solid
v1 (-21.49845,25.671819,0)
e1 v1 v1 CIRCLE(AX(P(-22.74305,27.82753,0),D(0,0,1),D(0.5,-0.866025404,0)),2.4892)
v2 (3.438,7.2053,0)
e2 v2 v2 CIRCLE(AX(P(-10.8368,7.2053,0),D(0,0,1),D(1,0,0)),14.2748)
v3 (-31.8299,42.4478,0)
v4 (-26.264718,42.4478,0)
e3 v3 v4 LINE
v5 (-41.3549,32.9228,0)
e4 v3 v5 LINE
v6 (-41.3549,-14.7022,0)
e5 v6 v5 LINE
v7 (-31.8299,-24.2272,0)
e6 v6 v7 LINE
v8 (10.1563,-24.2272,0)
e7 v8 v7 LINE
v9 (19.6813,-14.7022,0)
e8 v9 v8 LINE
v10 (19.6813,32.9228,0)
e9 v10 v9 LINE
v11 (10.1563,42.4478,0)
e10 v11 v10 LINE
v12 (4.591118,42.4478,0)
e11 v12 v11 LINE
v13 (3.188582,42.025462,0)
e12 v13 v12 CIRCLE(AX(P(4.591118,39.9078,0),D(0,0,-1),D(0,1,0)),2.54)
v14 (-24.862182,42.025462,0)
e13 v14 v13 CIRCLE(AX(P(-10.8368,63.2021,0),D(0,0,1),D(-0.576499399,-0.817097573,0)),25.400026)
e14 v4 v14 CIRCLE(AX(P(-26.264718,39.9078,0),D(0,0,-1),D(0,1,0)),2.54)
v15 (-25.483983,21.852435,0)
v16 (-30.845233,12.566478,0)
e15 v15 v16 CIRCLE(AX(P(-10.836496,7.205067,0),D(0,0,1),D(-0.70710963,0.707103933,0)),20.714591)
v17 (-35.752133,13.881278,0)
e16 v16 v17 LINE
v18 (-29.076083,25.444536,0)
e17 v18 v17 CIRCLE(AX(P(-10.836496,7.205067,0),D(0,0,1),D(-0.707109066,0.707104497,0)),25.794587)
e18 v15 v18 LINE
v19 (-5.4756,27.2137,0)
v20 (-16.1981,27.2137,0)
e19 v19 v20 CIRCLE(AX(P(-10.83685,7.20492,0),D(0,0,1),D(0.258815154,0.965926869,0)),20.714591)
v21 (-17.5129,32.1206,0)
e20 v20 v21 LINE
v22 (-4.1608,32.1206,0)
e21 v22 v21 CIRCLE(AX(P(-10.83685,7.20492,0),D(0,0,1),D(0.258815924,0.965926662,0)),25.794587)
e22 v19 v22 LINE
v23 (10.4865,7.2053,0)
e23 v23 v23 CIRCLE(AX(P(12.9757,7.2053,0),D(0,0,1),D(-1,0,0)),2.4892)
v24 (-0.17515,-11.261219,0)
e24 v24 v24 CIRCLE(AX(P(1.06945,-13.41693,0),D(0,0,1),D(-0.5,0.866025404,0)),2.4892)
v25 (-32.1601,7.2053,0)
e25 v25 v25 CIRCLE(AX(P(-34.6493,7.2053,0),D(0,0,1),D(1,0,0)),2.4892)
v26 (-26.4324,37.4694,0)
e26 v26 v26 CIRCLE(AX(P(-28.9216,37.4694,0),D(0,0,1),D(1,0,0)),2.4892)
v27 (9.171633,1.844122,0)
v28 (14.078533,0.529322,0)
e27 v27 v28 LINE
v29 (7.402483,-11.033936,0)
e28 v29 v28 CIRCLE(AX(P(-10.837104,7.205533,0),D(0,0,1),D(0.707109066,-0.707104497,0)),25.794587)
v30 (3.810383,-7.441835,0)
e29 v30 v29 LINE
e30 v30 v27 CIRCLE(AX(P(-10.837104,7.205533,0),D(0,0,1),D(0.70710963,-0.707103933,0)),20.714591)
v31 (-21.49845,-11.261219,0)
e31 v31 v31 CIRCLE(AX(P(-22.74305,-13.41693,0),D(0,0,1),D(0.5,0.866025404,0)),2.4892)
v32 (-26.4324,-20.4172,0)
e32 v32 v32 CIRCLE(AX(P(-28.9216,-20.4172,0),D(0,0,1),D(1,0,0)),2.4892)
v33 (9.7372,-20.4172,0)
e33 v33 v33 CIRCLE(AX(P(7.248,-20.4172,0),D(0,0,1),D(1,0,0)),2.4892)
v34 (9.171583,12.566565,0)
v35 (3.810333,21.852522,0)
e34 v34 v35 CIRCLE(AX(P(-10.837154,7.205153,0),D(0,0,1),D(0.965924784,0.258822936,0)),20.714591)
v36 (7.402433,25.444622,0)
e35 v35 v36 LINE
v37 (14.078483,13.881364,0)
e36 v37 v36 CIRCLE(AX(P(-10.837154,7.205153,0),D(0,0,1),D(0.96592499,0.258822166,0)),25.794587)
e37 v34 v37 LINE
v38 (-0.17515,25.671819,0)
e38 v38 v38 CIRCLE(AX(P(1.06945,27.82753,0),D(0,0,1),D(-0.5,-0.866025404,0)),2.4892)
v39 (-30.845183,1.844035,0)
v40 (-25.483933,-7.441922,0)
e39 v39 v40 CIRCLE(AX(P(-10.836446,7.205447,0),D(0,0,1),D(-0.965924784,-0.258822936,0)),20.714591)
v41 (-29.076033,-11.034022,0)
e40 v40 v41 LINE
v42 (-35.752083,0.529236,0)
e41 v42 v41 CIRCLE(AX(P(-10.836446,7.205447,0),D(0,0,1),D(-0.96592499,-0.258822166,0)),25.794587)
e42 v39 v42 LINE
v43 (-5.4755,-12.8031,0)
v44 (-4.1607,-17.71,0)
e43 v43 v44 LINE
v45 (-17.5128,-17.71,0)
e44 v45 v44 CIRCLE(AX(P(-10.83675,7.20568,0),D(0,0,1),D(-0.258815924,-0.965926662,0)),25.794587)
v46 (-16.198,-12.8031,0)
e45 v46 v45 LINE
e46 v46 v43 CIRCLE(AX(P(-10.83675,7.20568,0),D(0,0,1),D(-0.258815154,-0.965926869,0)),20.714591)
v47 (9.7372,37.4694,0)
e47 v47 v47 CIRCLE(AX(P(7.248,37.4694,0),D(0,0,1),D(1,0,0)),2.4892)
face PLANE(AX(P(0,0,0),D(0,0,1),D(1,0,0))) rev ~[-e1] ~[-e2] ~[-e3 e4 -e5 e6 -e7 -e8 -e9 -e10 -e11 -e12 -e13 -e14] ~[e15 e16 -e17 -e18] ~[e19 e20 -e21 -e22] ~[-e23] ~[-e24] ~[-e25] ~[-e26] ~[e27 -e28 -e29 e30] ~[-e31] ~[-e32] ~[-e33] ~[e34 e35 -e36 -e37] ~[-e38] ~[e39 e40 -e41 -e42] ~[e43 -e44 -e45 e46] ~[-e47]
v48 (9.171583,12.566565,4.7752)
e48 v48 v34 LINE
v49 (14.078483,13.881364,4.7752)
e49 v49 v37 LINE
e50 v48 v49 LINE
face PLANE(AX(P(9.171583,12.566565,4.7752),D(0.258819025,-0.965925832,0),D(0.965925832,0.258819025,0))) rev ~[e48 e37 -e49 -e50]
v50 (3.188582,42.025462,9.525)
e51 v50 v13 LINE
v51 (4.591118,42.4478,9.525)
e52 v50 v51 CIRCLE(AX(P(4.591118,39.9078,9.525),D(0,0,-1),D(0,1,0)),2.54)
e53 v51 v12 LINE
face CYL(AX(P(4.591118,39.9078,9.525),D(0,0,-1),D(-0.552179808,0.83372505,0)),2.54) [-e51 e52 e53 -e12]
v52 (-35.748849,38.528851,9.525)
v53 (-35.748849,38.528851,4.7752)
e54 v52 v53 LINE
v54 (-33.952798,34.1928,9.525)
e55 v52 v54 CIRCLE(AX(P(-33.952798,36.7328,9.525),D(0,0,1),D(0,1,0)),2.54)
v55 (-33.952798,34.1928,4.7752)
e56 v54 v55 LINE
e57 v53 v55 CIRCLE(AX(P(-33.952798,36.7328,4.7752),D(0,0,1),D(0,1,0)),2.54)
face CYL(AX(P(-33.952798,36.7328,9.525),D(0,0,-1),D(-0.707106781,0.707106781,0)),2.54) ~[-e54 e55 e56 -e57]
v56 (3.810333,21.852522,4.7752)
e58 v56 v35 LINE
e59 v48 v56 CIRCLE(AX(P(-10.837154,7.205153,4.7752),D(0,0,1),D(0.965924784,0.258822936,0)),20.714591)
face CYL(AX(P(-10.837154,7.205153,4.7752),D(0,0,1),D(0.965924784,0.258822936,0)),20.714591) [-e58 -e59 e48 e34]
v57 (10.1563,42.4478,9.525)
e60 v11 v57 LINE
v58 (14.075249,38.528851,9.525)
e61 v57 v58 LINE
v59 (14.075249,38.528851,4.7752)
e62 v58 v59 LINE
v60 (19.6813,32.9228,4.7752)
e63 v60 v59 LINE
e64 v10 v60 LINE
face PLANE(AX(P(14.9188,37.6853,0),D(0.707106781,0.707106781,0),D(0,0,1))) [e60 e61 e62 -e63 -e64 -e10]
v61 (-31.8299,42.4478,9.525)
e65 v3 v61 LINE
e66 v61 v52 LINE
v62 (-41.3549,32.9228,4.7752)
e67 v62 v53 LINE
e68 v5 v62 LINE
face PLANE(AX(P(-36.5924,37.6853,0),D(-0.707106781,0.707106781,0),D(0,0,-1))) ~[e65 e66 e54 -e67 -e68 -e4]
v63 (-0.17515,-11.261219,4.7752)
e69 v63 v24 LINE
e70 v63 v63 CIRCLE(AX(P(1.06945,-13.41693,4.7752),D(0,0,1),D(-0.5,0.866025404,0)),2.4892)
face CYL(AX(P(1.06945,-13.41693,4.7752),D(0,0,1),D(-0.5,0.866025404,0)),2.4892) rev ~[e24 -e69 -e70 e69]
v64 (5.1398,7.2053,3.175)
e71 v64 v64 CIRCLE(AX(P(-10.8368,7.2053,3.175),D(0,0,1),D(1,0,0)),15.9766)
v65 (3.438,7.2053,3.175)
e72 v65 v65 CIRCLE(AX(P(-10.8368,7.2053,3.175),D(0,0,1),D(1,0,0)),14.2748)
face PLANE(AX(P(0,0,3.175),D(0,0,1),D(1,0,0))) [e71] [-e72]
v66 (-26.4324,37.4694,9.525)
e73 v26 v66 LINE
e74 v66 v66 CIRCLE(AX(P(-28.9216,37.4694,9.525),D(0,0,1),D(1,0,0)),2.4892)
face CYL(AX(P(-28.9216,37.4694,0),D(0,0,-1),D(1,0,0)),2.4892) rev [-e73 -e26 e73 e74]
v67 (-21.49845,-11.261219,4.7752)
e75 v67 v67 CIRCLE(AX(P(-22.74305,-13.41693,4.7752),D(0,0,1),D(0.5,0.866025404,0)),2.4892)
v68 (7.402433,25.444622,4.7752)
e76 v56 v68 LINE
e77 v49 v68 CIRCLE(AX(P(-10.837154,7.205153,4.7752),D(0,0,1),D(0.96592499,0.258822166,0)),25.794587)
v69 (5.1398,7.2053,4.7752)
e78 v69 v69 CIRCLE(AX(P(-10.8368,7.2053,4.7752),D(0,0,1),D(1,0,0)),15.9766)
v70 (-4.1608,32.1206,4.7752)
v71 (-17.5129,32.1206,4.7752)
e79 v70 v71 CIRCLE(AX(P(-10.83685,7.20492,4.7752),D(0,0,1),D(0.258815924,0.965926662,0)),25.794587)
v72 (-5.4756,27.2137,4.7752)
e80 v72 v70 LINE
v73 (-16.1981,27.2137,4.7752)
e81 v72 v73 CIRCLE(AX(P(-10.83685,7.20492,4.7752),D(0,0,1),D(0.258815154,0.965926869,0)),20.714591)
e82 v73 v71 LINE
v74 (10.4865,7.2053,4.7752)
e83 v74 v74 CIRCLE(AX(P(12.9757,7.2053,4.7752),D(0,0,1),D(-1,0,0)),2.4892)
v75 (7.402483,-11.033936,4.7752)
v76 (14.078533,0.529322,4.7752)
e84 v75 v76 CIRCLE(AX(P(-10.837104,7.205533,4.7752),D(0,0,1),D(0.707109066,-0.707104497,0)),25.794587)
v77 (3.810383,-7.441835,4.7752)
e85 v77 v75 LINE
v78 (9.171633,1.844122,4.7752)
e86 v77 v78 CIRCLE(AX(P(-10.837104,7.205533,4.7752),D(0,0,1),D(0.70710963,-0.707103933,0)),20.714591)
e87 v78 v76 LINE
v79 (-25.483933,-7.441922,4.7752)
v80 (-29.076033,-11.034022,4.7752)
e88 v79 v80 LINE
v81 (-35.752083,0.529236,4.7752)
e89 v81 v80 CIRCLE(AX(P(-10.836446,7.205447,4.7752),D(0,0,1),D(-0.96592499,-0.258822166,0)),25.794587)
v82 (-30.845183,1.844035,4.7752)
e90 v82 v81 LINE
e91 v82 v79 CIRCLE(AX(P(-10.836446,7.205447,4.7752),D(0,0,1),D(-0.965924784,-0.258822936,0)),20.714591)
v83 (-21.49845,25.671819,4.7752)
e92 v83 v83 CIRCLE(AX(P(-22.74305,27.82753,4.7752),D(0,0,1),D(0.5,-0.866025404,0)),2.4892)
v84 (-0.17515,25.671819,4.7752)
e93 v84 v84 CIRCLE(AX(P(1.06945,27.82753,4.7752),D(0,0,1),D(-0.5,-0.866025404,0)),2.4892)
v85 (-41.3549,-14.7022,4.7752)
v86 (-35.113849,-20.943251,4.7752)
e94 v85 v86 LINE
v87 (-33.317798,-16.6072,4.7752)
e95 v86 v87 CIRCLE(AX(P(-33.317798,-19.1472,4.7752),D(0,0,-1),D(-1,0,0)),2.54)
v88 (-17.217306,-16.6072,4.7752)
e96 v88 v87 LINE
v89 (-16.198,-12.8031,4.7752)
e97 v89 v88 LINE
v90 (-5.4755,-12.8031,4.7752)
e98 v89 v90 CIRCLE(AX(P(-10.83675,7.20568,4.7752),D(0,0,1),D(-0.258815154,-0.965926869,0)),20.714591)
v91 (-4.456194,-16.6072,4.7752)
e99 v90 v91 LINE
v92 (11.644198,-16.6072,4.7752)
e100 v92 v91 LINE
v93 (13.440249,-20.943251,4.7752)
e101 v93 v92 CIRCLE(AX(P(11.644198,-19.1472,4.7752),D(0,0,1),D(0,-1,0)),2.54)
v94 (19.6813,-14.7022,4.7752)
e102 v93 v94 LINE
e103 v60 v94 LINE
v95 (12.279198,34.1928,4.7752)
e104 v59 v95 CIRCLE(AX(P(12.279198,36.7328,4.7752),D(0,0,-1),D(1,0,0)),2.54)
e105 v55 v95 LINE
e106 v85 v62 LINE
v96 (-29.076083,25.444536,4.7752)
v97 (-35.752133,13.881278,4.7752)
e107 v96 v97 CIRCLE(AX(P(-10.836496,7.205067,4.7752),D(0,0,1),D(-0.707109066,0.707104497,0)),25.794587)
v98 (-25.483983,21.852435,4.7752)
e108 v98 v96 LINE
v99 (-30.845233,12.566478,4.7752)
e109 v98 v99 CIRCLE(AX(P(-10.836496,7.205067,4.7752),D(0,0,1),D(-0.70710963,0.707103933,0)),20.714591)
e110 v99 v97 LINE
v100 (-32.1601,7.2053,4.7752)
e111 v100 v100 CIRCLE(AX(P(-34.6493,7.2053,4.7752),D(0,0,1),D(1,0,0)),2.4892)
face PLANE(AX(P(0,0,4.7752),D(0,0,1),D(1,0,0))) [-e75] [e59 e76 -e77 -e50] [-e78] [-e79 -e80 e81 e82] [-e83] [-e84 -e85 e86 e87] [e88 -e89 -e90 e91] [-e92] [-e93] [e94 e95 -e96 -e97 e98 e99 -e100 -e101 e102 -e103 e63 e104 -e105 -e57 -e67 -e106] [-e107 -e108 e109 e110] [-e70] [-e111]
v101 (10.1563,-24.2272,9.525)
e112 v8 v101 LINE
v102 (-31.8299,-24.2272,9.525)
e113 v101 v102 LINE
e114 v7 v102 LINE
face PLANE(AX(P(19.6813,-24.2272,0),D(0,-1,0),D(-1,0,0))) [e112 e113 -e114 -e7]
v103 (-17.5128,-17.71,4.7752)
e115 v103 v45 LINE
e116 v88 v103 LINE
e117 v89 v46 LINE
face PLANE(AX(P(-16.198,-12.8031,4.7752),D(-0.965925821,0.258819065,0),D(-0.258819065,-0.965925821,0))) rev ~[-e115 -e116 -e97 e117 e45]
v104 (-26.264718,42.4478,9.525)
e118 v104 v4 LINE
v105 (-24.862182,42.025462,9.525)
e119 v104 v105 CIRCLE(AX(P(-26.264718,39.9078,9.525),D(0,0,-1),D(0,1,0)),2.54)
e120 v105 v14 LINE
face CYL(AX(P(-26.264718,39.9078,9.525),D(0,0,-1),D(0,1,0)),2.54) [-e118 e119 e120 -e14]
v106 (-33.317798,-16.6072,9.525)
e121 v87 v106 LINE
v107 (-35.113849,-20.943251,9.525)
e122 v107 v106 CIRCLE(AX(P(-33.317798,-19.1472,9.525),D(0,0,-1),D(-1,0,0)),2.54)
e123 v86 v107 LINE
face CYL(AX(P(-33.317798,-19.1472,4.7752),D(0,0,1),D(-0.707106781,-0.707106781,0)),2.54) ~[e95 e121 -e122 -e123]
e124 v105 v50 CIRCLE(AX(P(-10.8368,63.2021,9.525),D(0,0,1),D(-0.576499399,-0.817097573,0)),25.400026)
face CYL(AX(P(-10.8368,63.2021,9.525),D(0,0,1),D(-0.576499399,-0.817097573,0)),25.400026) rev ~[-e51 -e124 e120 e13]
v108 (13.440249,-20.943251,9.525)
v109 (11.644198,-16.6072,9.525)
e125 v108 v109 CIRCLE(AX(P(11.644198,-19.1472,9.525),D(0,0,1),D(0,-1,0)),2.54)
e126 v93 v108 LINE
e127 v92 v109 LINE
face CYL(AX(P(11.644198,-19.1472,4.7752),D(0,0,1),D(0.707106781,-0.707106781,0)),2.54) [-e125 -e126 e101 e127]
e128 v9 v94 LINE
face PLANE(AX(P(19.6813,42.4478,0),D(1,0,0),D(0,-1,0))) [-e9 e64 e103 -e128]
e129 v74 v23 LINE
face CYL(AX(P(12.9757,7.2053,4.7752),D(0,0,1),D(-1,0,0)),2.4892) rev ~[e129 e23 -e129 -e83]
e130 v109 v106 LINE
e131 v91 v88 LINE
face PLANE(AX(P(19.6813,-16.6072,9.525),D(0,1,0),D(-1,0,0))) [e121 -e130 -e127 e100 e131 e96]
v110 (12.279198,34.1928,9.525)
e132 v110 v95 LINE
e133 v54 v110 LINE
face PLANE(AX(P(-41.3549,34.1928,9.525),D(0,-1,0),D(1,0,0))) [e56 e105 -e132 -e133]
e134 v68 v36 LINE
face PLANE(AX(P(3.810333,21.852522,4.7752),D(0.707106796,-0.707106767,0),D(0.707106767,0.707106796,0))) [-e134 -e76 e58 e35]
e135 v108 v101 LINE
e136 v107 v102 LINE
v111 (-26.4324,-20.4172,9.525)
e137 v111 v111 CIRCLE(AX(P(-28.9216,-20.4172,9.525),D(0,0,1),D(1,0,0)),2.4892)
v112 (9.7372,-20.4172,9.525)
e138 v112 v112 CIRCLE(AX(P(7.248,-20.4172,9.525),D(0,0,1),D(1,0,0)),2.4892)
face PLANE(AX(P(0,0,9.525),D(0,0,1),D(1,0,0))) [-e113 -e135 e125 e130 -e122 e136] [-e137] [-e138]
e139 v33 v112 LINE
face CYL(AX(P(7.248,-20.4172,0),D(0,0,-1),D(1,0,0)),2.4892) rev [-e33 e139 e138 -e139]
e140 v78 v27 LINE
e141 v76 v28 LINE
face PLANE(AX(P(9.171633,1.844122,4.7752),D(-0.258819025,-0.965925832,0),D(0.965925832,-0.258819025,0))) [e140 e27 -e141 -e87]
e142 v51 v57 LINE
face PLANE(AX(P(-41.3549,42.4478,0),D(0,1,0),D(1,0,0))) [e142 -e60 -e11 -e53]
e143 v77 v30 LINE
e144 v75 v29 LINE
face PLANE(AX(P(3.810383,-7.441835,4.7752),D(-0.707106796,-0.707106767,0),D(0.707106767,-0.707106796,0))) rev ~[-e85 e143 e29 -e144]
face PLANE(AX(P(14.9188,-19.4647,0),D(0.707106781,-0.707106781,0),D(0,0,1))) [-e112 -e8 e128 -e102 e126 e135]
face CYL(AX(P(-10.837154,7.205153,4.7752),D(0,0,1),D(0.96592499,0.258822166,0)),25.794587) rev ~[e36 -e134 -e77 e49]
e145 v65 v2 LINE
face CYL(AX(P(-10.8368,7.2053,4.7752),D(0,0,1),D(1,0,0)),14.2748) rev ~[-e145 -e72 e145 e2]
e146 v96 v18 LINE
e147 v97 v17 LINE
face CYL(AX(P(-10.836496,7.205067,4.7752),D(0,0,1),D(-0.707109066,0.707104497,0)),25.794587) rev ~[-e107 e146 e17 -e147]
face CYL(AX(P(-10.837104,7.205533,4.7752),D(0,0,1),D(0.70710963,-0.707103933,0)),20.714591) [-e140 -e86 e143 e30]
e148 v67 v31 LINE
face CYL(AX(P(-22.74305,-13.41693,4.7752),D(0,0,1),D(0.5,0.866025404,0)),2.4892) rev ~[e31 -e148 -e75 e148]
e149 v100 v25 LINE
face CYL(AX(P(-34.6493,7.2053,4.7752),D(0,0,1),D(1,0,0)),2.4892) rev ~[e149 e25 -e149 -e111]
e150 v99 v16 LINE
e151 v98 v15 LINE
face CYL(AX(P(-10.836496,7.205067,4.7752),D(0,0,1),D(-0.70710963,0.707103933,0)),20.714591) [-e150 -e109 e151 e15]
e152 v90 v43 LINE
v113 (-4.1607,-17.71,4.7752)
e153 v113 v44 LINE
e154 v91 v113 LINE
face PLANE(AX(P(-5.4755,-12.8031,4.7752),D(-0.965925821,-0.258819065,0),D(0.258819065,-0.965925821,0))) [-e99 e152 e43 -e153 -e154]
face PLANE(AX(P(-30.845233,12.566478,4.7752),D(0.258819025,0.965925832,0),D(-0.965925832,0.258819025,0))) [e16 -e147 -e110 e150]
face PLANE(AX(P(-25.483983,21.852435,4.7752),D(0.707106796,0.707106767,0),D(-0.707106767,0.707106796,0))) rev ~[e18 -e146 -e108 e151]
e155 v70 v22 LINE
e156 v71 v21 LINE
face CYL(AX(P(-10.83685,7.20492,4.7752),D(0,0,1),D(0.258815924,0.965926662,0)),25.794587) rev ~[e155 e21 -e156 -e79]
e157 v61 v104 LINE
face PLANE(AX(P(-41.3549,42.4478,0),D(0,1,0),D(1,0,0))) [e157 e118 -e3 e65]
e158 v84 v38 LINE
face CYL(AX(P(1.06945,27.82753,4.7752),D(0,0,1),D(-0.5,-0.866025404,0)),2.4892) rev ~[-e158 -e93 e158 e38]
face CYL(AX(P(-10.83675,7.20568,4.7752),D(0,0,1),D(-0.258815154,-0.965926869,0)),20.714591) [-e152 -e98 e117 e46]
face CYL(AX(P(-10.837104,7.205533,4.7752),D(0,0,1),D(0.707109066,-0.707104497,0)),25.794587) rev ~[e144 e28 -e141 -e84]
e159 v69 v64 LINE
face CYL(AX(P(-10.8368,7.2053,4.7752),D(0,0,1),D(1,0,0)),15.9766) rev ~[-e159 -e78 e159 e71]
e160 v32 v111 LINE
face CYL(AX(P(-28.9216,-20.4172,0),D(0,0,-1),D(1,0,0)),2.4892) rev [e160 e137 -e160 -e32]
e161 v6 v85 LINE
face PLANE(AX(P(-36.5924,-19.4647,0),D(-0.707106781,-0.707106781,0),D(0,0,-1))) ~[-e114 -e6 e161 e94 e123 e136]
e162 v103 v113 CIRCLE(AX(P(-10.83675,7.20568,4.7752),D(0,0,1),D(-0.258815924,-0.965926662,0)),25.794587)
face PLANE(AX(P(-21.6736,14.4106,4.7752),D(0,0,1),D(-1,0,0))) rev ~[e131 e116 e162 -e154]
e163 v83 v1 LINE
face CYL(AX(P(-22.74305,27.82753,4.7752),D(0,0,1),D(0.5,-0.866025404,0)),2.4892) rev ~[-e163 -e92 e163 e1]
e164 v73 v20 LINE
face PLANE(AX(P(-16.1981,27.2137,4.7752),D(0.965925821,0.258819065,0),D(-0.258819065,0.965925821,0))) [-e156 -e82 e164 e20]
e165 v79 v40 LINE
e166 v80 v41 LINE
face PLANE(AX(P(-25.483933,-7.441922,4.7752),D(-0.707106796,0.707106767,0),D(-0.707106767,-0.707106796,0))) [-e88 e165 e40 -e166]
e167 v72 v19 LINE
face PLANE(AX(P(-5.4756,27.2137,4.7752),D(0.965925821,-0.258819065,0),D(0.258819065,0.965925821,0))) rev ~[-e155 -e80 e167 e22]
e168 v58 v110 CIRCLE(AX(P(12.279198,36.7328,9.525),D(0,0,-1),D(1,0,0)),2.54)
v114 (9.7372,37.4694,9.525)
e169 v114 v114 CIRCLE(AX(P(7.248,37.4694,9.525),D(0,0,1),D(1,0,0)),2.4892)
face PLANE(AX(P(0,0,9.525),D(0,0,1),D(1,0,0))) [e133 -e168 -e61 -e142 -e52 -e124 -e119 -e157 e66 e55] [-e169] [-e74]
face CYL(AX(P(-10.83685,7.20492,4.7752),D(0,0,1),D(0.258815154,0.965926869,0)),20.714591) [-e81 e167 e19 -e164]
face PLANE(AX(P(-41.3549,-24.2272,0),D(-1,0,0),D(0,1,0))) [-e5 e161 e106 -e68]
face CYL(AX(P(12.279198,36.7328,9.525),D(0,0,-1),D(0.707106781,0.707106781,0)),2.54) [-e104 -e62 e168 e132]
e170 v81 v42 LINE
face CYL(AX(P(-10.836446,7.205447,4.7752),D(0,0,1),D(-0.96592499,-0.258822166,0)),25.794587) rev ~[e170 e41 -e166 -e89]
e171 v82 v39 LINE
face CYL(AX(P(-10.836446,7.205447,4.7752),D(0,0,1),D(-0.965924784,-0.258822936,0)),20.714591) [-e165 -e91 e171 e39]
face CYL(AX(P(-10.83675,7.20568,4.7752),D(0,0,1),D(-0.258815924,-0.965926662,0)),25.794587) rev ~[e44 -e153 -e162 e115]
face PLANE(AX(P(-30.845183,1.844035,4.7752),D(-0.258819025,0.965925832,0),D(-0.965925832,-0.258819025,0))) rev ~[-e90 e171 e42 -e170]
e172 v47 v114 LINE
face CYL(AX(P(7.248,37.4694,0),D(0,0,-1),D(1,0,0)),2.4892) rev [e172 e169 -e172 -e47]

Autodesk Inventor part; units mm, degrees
ref_plane "YZ Plane" through (0, 0, 0) normal (1, 0, 0) x (0, 1, 0)
ref_plane "XZ Plane" through (0, 0, 0) normal (0, 1, 0) x (-1, 0, 0)
ref_plane "XY Plane" through (0, 0, 0) normal (0, 0, 1) x (1, 0, 0)
sketch "Sketch2" plane through (0, 0, 0) normal (0, 0, 1) x (1, 0, 0)
  line L0 (-10.8368, 23.5104) -> (-10.8368, -29.6906) construction
  line L1 (-37.8996, -2.6413) -> (16.2259, -2.6413) construction
  circle A0 centre (-28.9216, 37.4694) radius 2.4892
  circle A1 centre (7.248, 37.4694) radius 2.4892
  circle A2 centre (-28.9216, -20.4172) radius 2.4892
  circle A3 centre (7.248, -20.4172) radius 2.4892
  line L2 (-28.9216, 37.4694) -> (7.248, 37.4694) construction
  line L3 (7.248, 37.4694) -> (7.248, -20.4172) construction
  line L4 (7.248, -20.4172) -> (-28.9216, -20.4172) construction
  line L5 (-28.9216, -20.4172) -> (-28.9216, 37.4694) construction
  line L6 (-41.3549, 42.4478) -> (19.6813, 42.4478)
  line L7 (19.6813, 42.4478) -> (19.6813, -24.2272)
  line L8 (19.6813, -24.2272) -> (-41.3549, -24.2272)
  line L9 (-41.3549, -24.2272) -> (-41.3549, 42.4478)
  line L10 (-10.8368, 42.4478) -> (-10.8368, -24.2272) construction
  point P0 (0, 0)
  point P1 (-10.8368, -2.6413)
  dimension "d9" = 36.1696
  dimension "d10" = 57.8866
  dimension "d11" = 4.9784
  dimension "d12" = 61.0362
  dimension "d13" = 66.675
  dimension "d15" = 3.81
extrude "Extrusion1" add sketch "Sketch2" along normal blind 9.525
sketch "Sketch3" plane through (0, 0, 9.525) normal (0, 0, 1) x (1, 0, 0)
  line L0 (-41.3549, 34.1928) -> (19.6813, 34.1928)
  line L1 (19.6813, 34.1928) -> (19.6813, -16.6072)
  line L2 (19.6813, -16.6072) -> (-41.3549, -16.6072)
  line L3 (-41.3549, -16.6072) -> (-41.3549, 34.1928)
  line L4 (19.6813, -24.2272) -> (19.6813, 42.4478) projected
  line L5 (-41.3549, 42.4478) -> (-41.3549, -24.2272) projected
  line L6 (-41.3549, -24.2272) -> (19.6813, -24.2272) projected
  point P0 (0, 0)
  dimension "d18" = 50.8
  dimension "d20" = 7.62
extrude "Extrusion2" cut sketch "Sketch3" against normal blind 4.7498 contours L0 L1 L2 L3
chamfer "Chamfer1" distance 9.525 angle 45 4 edges at (19.6813, 42.4478, 4.7625) (-41.3549, 42.4478, 4.7625) (-41.3549, -24.2272, 4.7625) (19.6813, -24.2272, 4.7625)
fillet "Fillet1" radius 2.54 4 edges at (18.4113, 34.1928, 7.1501) (17.7763, -16.6072, 7.1501) (-39.4499, -16.6072, 7.1501) (-40.0849, 34.1928, 7.1501)
sketch "Sketch4" plane through (0, 0, 4.7752) normal (0, 0, 1) x (1, 0, 0)
  circle A0 centre (-10.8368, 7.2053) radius 14.2748
  line L0 (-41.3549, -14.7022) -> (-41.3549, 32.9228) projected
  line L1 (11.6442, -16.6072) -> (-33.3178, -16.6072) projected
  point P0 (0, 0)
  dimension "d27" = 30.5181
  dimension "d28" = 23.8125
  dimension "d29" = 28.5496
extrude "Extrusion3" cut sketch "Sketch4" against normal blind 4.7752
sketch "Sketch5" plane through (0, 0, 4.7752) normal (0, 0, 1) x (1, 0, 0)
  circle A0 centre (-10.8368, 7.2053) radius 14.2748 projected
  circle A1 centre (-10.8368, 7.2053) radius 15.9766
  point P0 (0, 0)
  dimension "d32" = 31.9532
extrude "Extrusion4" cut sketch "Sketch5" against normal blind 1.6002
sketch "Sketch6" plane through (0, 0, 4.7752) normal (0, 0, 1) x (1, 0, 0)
  circle A0 centre (-10.8368, 7.2053) radius 14.2748 projected
  circle A1 centre (-10.8368, 7.2053) radius 14.2748 projected
  circle A2 centre (-10.8368, 7.2053) radius 23.8125 construction
  circle A3 centre (-34.6493, 7.2053) radius 2.4892
  point P0 (0, 0)
  dimension "d35" = 47.625
  dimension "d36" = 4.9784
extrude "Extrusion5" cut sketch "Sketch6" against normal through all contours A3
pattern_circular "Circular Pattern1" count 6 over 360 about axis through (-10.8368, 7.2053, 4.7752) along (0, 0, -1) of "Extrusion5"
sketch "Sketch7" plane through (0, 0, 4.7752) normal (0, 0, 1) x (1, 0, 0)
  circle A0 centre (-10.8368, 7.2053) radius 14.2748 projected
  arc A1 (-5.4756, 27.2137) -> (-16.1981, 27.2137) centre (-10.8368, 7.2053) ccw
  arc A2 (-4.1608, 32.1206) -> (-17.5129, 32.1206) centre (-10.8368, 7.2053) ccw
  line L0 (-10.8368, 7.2053) -> (-10.8368, 32.9995) construction
  line L1 (-16.1981, 27.2137) -> (-17.5129, 32.1206)
  line L2 (-5.4756, 27.2137) -> (-4.1608, 32.1206)
  point P0 (0, 0)
  dimension "d42" = 5.08
extrude "Extrusion6" cut sketch "Sketch7" against normal through all contours A1 L1 A2 L2
pattern_circular "Circular Pattern2" count 6 over 360 about axis through (-10.8368, 7.2053, 4.7752) along (0, 0, -1) of "Extrusion6"
sketch "Sketch8" plane through (0, 0, 9.525) normal (0, 0, 1) x (1, 0, 0)
  line L0 (10.1563, 42.4478) -> (-31.8299, 42.4478) projected
  arc A0 (-25.4799, 42.4478) -> (3.8063, 42.4478) centre (-10.8368, 63.2021) ccw
  point P0 (0, 0)
  dimension "d49" = 6.35
  dimension "d50" = 6.35
  dimension "d51" = 25.4
extrude "Extrusion7" cut sketch "Sketch8" against normal through all
fillet "Fillet2" radius 2.54 2 edges at (-25.4799, 42.4478, 4.7625) (3.8063, 42.4478, 4.7625)
equation "\"d15\" = d14"
equation "\"d20\" = d19"
equation "\"d14\" = 3.81"
equation "\"d19\" = 2 * d14"
properties part number "Versa Chassis Bearing Block"
